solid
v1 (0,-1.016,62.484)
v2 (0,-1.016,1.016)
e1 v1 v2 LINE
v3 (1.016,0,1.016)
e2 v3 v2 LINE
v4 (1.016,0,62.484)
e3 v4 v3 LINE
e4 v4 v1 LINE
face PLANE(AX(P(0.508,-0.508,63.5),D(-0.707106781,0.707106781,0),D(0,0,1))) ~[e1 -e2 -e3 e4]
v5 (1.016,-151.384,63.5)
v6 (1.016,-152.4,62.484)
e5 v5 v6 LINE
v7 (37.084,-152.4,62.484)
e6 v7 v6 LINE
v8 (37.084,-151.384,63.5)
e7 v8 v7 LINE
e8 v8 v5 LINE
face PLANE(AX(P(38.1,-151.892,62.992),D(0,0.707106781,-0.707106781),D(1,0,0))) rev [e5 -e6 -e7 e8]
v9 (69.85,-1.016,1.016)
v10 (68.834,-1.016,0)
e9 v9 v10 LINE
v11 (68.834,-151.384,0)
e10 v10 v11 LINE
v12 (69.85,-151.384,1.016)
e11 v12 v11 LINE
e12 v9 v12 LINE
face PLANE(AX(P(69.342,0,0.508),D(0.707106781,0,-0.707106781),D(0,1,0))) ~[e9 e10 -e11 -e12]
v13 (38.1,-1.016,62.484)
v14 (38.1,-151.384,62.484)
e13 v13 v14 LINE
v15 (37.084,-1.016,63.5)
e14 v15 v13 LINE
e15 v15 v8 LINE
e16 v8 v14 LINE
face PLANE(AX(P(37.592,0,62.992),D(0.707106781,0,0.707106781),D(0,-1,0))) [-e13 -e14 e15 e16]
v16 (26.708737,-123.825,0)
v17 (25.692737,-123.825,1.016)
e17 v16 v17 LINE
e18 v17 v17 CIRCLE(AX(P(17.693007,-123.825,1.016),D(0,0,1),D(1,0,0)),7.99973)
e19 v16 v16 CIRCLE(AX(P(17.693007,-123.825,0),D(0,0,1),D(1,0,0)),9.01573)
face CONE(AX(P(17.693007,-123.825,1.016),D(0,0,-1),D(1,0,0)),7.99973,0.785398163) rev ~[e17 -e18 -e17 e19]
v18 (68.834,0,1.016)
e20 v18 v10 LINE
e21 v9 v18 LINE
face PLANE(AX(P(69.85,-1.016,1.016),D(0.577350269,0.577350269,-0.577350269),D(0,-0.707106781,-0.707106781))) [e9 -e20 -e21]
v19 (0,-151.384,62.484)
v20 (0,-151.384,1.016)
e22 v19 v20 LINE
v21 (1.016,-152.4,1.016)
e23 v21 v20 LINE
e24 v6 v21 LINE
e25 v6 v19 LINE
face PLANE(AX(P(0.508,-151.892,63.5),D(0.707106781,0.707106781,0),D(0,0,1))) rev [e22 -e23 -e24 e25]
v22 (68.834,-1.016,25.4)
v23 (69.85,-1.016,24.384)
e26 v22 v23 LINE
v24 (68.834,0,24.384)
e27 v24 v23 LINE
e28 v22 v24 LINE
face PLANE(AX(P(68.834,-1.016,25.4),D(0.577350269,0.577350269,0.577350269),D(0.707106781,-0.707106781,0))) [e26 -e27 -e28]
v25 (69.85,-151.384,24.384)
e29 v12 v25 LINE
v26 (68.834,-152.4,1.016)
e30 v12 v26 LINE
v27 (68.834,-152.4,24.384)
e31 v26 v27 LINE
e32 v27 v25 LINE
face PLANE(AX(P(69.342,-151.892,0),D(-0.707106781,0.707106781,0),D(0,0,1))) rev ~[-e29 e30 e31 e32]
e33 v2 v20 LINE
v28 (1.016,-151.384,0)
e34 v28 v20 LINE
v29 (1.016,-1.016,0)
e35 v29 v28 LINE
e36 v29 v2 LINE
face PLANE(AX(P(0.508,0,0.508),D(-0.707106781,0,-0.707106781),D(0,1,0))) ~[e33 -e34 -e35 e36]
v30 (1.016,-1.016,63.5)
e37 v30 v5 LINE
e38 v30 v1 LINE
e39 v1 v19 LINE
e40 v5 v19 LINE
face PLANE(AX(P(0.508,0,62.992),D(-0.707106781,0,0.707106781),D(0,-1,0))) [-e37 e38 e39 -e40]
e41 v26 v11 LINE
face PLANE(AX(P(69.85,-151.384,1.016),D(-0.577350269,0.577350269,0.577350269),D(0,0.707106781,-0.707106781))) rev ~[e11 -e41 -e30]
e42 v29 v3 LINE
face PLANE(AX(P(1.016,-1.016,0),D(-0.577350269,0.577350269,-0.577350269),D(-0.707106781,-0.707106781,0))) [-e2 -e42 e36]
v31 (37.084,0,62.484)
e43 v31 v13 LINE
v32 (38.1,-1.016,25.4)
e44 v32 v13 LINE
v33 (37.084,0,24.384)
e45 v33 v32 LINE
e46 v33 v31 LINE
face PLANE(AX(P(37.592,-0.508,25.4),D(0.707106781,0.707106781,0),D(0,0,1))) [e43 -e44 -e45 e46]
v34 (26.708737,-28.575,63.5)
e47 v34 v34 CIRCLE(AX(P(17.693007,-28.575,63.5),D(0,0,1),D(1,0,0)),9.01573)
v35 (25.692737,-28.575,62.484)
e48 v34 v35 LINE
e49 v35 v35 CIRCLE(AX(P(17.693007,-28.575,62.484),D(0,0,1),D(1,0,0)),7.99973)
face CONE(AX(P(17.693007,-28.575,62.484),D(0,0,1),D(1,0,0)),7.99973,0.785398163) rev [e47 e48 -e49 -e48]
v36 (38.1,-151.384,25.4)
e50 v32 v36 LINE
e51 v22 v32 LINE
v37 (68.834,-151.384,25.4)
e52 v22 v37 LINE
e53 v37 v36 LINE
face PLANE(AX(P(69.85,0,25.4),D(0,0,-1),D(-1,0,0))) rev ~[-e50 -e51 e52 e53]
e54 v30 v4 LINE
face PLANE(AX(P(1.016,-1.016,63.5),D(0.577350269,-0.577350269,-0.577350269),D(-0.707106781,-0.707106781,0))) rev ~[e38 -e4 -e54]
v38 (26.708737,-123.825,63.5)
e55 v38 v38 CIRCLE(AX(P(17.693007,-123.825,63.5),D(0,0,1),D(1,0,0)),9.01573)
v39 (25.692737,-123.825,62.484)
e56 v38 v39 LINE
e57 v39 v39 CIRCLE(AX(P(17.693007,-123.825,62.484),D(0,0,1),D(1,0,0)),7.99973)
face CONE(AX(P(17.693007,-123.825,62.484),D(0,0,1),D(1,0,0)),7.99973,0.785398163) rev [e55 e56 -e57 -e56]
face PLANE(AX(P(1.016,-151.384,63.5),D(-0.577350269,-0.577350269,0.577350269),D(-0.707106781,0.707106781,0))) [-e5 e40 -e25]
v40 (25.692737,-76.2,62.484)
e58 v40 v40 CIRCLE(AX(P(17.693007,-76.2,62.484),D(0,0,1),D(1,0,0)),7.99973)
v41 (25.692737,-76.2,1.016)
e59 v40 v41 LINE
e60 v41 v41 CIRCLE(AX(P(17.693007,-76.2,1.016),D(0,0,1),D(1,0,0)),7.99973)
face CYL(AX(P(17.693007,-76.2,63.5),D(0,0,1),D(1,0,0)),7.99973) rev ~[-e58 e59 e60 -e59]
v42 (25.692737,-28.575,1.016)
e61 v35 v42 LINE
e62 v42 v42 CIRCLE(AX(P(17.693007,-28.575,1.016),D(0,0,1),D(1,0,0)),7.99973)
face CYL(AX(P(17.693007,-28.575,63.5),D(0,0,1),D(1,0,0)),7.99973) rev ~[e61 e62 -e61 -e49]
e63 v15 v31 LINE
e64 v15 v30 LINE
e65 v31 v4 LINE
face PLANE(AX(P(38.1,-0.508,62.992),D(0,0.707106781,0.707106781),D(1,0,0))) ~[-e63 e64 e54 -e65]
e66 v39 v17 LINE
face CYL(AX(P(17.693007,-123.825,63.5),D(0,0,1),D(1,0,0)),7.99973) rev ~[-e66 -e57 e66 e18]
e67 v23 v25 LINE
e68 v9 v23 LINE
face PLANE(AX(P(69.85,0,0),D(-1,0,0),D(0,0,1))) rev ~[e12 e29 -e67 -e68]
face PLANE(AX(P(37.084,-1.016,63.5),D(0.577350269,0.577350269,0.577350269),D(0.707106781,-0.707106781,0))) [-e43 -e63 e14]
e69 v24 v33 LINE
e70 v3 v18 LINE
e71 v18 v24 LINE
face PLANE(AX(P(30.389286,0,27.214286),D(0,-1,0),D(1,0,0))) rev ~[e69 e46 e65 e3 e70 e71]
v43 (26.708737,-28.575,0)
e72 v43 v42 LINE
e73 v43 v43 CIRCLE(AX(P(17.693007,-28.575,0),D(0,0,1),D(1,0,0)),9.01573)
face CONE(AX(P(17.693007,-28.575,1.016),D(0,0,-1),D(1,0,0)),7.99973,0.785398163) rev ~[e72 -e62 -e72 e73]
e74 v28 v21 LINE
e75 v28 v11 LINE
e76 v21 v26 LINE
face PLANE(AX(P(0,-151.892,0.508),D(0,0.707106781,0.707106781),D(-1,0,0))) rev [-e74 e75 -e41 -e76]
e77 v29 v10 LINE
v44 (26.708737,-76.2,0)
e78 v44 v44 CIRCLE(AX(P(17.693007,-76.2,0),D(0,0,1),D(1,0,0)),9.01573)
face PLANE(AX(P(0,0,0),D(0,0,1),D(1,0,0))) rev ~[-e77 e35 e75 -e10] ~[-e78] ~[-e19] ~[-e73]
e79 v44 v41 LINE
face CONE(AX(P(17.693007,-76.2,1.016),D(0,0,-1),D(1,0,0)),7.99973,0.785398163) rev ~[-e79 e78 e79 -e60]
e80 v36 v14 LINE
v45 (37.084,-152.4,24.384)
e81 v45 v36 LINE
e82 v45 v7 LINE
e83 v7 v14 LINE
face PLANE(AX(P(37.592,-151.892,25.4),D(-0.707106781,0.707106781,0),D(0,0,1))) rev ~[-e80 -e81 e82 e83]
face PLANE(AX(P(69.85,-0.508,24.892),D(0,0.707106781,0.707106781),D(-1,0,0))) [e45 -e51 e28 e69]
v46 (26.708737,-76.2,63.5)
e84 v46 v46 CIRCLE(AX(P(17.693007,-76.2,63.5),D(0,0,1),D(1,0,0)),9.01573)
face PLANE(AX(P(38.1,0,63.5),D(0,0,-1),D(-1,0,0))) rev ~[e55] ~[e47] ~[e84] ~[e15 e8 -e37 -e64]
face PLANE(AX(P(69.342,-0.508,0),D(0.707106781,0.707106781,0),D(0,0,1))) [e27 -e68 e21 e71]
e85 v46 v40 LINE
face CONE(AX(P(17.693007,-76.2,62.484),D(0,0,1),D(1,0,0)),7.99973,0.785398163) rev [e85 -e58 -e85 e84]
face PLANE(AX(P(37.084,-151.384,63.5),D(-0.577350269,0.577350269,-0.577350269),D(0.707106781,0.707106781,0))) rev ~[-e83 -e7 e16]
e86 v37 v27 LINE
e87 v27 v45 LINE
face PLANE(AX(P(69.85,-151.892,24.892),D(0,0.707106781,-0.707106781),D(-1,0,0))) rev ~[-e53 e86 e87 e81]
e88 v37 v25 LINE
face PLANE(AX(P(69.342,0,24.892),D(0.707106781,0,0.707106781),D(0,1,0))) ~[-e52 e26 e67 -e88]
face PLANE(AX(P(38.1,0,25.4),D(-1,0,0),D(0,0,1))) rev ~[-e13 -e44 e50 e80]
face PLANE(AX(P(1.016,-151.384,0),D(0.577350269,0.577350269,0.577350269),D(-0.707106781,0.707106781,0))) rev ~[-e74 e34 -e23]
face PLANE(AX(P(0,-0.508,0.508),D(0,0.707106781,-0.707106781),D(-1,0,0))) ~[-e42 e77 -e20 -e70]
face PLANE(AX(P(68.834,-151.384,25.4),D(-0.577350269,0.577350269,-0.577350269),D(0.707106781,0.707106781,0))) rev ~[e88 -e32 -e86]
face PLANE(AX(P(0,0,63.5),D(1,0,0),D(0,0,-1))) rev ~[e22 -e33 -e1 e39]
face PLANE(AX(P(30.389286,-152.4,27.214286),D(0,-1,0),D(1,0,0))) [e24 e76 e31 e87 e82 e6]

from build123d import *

# Parameters (mm, degrees)
F1_DEPTH = 152.4
F2_R     = 7.99973
F3_DEPTH = 63.501
F4_SIZE  = 1.016


with BuildPart() as f1:
    # F0 (on Front) → F1 (new body)
    with BuildSketch(Plane.XZ):
        Polygon((0, 63.5), (0, 0), (69.85, 0), (69.85, 25.4), (38.1, 25.4), (38.1, 63.5), align=None)
    extrude(amount=F1_DEPTH)

    # F2 (on face) → F3 (cut, through all)
    with BuildSketch(Plane.XY.offset(63.5)):
        with Locations((17.6930073649, -28.575)):
            Circle(F2_R)
        with Locations((17.6930073649, -76.2)):
            Circle(F2_R)
        with Locations((17.6930073649, -123.825)):
            Circle(F2_R)
    extrude(amount=-F3_DEPTH, mode=Mode.SUBTRACT)

    # F4
    f4_edges = [f1.edges().sort_by_distance(p)[0] for p in [
        (0, -152.4, 31.75),
        (34.925, -152.4, 0),
        (69.85, -152.4, 12.7),
        (53.975, -152.4, 25.4),
        (38.1, -152.4, 44.45),
        (19.05, -152.4, 63.5),
        (0, 0, 31.75),
        (34.925, 0, 0),
        (69.85, 0, 12.7),
        (53.975, 0, 25.4),
        (38.1, 0, 44.45),
        (19.05, 0, 63.5),
        (38.1, -76.2, 63.5),
        (0, -76.2, 63.5),
        (9.693277, -123.825, 63.5),
        (9.693277, -76.2, 63.5),
        (9.693277, -28.575, 63.5),
        (69.85, -76.2, 0),
        (69.85, -76.2, 25.4),
        (0, -76.2, 0),
        (9.693277, -123.825, 0),
        (9.693277, -76.2, 0),
        (9.693277, -28.575, 0),
    ]]
    chamfer(f4_edges, length=F4_SIZE)


solid = f1.part
